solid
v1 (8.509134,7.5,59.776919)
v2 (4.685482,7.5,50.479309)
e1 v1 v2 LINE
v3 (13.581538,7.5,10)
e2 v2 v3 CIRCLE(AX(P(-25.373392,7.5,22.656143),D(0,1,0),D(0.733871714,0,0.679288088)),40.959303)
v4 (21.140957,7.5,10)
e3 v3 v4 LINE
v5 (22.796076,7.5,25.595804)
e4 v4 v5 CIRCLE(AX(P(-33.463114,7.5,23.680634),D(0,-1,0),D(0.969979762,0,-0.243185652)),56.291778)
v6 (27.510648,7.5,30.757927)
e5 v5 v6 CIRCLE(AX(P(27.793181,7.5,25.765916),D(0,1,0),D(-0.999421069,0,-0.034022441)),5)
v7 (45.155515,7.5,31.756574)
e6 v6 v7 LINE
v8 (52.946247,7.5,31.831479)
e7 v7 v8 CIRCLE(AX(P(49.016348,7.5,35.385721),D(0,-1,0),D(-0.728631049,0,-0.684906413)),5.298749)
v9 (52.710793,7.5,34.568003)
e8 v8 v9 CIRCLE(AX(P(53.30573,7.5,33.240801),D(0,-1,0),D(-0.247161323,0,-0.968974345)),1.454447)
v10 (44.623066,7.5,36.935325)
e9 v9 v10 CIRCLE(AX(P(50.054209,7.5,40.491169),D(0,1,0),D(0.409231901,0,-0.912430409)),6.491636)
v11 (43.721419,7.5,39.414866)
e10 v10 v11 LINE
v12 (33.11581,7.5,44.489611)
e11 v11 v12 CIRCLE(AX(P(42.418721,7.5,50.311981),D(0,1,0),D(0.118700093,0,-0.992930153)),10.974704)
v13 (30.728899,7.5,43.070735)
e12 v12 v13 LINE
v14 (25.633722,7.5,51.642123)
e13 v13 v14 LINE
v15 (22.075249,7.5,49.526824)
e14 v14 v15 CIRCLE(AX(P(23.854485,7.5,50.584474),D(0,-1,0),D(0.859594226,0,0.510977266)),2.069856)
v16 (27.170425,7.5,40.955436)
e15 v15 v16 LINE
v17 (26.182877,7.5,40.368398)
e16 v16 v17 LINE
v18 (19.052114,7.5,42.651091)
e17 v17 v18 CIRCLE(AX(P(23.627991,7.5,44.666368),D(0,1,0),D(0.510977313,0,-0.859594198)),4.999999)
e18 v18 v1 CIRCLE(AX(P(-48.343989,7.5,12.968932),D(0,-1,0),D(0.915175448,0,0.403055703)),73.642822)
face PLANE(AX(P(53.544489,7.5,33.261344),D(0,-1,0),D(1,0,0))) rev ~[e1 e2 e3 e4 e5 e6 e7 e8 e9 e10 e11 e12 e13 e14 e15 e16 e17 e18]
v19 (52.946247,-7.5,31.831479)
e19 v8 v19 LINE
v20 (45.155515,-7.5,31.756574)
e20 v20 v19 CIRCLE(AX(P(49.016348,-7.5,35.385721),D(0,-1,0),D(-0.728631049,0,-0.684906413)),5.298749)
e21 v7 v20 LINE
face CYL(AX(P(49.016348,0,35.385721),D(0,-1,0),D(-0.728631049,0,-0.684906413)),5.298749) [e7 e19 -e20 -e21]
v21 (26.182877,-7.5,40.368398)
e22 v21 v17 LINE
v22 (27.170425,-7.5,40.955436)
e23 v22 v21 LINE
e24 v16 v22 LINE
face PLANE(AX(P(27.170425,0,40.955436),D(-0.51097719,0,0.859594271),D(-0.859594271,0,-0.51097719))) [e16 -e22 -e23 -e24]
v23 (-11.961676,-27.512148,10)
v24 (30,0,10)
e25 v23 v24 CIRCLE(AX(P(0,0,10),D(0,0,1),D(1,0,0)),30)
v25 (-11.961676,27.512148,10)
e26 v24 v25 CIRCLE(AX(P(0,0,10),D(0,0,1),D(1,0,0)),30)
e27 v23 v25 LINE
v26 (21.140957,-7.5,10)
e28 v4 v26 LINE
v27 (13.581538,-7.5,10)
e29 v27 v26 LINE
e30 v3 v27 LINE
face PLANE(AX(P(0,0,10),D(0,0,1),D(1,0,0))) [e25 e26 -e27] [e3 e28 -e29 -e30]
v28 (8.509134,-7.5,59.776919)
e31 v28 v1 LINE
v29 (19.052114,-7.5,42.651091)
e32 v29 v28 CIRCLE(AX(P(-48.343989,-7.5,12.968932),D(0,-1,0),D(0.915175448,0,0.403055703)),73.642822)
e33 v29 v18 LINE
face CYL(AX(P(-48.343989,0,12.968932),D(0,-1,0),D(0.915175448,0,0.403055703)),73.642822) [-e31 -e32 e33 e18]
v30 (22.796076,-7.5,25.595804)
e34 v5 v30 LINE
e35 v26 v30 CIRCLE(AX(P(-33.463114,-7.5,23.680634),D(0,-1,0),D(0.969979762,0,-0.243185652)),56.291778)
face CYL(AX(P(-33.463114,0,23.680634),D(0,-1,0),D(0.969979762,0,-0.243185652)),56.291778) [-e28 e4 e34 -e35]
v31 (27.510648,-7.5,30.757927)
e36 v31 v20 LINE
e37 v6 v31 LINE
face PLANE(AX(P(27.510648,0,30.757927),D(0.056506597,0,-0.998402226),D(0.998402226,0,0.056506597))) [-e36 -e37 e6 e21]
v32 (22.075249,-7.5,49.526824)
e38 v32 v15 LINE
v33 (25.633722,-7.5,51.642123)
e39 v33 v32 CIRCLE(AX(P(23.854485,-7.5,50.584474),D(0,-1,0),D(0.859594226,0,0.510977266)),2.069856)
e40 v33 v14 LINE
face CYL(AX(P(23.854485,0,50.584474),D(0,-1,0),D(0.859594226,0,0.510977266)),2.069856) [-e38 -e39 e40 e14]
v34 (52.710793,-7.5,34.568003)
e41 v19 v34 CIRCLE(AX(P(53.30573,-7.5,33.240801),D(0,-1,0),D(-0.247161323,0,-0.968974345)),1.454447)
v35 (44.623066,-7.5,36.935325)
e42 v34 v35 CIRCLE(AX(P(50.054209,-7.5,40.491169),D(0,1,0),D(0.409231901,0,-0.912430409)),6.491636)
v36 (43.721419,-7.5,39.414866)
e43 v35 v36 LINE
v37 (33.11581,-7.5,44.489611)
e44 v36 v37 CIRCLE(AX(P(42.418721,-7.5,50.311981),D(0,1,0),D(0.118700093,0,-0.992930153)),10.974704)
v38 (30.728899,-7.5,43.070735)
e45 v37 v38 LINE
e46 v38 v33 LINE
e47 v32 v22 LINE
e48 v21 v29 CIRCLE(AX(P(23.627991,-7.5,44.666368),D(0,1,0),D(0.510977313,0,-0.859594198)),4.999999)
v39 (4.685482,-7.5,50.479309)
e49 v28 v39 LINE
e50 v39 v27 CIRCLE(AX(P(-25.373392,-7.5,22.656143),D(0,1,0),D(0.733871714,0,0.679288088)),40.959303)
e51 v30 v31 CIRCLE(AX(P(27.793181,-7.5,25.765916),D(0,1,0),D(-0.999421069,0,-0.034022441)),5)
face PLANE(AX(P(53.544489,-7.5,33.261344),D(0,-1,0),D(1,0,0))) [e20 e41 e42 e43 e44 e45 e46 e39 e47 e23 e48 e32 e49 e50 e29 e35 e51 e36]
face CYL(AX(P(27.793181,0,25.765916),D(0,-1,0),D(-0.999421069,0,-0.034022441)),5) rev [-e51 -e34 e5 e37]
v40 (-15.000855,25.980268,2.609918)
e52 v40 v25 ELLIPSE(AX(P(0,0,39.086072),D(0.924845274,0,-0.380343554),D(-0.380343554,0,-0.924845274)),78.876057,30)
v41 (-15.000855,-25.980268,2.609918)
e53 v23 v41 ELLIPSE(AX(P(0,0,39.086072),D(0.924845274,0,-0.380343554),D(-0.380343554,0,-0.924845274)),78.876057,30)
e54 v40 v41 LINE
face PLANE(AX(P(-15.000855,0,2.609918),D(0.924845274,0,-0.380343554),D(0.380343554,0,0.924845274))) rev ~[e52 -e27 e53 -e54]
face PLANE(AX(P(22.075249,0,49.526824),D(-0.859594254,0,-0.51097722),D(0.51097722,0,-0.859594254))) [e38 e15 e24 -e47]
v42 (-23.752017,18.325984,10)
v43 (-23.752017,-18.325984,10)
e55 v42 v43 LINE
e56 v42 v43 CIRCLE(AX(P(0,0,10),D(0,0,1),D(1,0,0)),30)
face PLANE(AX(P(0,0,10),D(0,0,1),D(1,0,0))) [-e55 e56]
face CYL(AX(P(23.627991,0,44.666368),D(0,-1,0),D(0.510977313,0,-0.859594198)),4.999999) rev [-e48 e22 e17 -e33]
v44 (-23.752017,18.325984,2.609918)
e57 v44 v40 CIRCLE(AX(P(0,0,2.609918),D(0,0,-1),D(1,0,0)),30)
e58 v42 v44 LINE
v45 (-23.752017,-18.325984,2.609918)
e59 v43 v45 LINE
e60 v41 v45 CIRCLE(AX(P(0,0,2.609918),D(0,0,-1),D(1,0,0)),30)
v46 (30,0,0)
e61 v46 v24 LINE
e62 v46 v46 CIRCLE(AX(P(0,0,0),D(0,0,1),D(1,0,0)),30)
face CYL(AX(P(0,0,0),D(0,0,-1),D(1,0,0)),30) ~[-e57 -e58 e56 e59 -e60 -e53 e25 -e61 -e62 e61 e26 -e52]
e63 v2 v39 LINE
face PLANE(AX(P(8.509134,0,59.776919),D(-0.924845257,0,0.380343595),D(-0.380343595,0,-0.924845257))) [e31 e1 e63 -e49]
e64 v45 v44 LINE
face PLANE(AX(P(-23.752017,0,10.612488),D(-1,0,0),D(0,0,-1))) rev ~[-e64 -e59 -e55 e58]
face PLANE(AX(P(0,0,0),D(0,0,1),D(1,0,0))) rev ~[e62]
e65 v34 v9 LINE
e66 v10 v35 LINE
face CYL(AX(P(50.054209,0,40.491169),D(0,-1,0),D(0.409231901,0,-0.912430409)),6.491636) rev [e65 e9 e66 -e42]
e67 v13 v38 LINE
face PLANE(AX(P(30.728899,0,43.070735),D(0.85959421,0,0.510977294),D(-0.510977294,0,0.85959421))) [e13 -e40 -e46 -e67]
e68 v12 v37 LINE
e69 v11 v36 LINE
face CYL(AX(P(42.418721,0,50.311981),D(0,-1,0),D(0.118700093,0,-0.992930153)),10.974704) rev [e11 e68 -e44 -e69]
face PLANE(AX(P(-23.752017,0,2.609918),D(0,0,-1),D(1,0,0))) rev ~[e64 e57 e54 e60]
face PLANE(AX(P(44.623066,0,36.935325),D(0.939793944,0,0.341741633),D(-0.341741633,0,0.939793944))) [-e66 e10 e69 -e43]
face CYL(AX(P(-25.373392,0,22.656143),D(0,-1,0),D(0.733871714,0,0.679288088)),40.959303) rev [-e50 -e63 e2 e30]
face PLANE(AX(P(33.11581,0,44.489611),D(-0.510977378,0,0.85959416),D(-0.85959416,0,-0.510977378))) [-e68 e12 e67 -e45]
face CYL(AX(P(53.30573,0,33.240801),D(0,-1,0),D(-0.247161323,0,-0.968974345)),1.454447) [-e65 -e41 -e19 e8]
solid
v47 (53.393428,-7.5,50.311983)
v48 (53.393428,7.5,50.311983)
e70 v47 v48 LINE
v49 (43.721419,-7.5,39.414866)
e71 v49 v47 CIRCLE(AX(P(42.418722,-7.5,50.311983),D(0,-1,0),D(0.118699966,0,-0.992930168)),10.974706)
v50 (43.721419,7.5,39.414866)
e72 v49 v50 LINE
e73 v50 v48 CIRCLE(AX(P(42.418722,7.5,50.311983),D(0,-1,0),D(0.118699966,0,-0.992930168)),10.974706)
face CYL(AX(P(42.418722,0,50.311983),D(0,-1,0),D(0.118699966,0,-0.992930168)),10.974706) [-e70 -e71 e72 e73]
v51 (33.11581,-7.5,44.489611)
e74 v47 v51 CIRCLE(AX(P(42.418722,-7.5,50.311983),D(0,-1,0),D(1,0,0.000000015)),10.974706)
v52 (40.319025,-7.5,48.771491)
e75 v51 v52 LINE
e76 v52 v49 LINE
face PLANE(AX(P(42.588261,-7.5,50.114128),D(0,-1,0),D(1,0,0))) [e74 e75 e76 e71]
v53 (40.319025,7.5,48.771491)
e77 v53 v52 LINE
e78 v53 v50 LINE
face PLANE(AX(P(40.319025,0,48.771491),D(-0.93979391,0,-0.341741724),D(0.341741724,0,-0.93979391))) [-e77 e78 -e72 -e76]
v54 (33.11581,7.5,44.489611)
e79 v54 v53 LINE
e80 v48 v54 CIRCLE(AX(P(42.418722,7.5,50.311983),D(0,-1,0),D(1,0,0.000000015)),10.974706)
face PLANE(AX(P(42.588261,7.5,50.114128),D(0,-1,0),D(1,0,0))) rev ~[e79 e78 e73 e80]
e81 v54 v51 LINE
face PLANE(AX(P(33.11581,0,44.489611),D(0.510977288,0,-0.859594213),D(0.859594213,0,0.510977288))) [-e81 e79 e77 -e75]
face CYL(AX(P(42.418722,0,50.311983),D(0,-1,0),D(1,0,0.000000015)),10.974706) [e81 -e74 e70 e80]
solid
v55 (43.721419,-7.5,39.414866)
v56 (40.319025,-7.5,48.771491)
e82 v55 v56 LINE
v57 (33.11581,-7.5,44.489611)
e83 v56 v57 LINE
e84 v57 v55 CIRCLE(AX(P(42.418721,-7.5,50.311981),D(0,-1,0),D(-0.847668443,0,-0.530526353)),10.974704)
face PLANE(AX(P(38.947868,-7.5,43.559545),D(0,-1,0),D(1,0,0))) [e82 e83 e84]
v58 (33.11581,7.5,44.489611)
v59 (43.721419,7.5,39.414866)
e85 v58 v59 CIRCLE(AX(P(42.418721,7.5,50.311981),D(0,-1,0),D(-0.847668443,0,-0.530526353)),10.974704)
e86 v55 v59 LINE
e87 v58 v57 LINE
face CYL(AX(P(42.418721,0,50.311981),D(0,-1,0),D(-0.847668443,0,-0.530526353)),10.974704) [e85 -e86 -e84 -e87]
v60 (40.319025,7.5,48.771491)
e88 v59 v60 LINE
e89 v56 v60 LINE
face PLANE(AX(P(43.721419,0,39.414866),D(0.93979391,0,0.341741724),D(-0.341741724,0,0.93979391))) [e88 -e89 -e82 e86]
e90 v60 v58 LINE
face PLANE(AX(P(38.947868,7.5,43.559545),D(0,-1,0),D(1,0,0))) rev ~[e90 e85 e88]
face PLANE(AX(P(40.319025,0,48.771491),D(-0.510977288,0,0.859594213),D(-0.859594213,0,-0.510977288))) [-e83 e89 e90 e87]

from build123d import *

# Parameters (mm, degrees)
F0_R      = 30
F1_DEPTH  = 10
F3_DEPTH  = 36.6
F4_DEPTH  = 7.5
F5_DEPTH  = 7.5
F6_DEPTH  = 7.5
F7_DEPTH  = 7.5
F8_DEPTH  = 7.5
F9_DEPTH  = 7.5
F10_DEPTH = 7.5


with BuildPart() as f1:
    # F0 (on Top) → F1 (new body)
    with BuildSketch(Plane.XY):
        Circle(F0_R)
    extrude(amount=F1_DEPTH)

    # F2 (on Front) → F3 (cut, symmetric)
    with BuildSketch(Plane.XZ):
        Polygon((-23.752017, 2.609918), (-15.000855, 2.609918), (-11.70979, 10.612488), (-23.752017, 10.612488), align=None)
    extrude(amount=F3_DEPTH, both=True, mode=Mode.SUBTRACT)

    # F2 (on Front) → F4 (join, symmetric)
    with BuildSketch(Plane.XZ):
        with BuildLine():
            Line((8.509134, 59.776919), (4.685482, 50.479309))
            ThreePointArc((4.685482, 50.479309), (14.632215, 31.443401), (13.578704, 9.991281))
            Line((13.578704, 9.991281), (21.138772, 9.991281))
            ThreePointArc((21.138772, 9.991281), (22.513844, 17.735509), (22.796076, 25.595804))
            ThreePointArc((22.796076, 25.595804), (24.101227, 29.137781), (27.510648, 30.757927))
            Line((27.510648, 30.757927), (45.155515, 31.756574))
            Line((45.155515, 31.756574), (46.479001, 31.831479))
            Line((46.479001, 31.831479), (44.623066, 36.935325))
            Line((44.623066, 36.935325), (43.721419, 39.414866))
            ThreePointArc((43.721419, 39.414866), (37.681727, 40.412232), (33.11581, 44.489611))
            Line((33.11581, 44.489611), (30.728899, 43.070735))
            Line((30.728899, 43.070735), (27.170425, 40.955436))
            Line((27.170425, 40.955436), (26.182877, 40.368398))
            ThreePointArc((26.182877, 40.368398), (22.103598, 39.904413), (19.052114, 42.651091))
            ThreePointArc((19.052114, 42.651091), (14.36798, 51.575592), (8.509134, 59.776919))
        make_face()
    extrude(amount=F4_DEPTH, both=True)

    # F2 (on Front) → F7 (join, symmetric)
    with BuildSketch(Plane.XZ):
        Polygon((22.075249, 49.526824), (27.170425, 40.955436), (30.728899, 43.070735), (25.633722, 51.642123), align=None)
    extrude(amount=F7_DEPTH, both=True)

    # F2 (on Front) → F8 (join, symmetric)
    with BuildSketch(Plane.XZ):
        with BuildLine():
            ThreePointArc((25.633722, 51.642123), (22.796836, 52.36371), (22.075249, 49.526824))
            Line((22.075249, 49.526824), (25.633722, 51.642123))
        make_face()
    extrude(amount=F8_DEPTH, both=True)

    # F2 (on Front) → F9 (join, symmetric)
    with BuildSketch(Plane.XZ):
        with BuildLine():
            Line((46.479001, 31.831479), (45.155515, 31.756574))
            ThreePointArc((45.155515, 31.756574), (49.067291, 30.087217), (52.946247, 31.831479))
            Line((52.946247, 31.831479), (52.710793, 34.568003))
            ThreePointArc((52.710793, 34.568003), (48.230587, 34.260941), (44.623066, 36.935325))
            Line((44.623066, 36.935325), (46.479001, 31.831479))
        make_face()
    extrude(amount=F9_DEPTH, both=True)

    # F2 (on Front) → F10 (join, symmetric)
    with BuildSketch(Plane.XZ):
        with BuildLine():
            Line((52.710793, 34.568003), (52.946247, 31.831479))
            ThreePointArc((52.946247, 31.831479), (54.754823, 33.365482), (52.710793, 34.568003))
        make_face()
    extrude(amount=F10_DEPTH, both=True)


with BuildPart() as f5:
    # F2 (on Front) → F5 (new body, symmetric)
    with BuildSketch(Plane.XZ):
        with BuildLine():
            ThreePointArc((53.393428, 50.311983), (39.389906, 60.860464), (33.11581, 44.489611))
            Line((33.11581, 44.489611), (40.319025, 48.771491))
            Line((40.319025, 48.771491), (43.721419, 39.414866))
            ThreePointArc((43.721419, 39.414866), (50.626672, 43.026811), (53.393428, 50.311983))
        make_face()
    extrude(amount=F5_DEPTH, both=True)


with BuildPart() as f6:
    # F2 (on Front) → F6 (new body, symmetric)
    with BuildSketch(Plane.XZ):
        with BuildLine():
            Line((40.319025, 48.771491), (33.11581, 44.489611))
            ThreePointArc((33.11581, 44.489611), (37.681727, 40.412232), (43.721419, 39.414866))
            Line((43.721419, 39.414866), (40.319025, 48.771491))
        make_face()
    extrude(amount=F6_DEPTH, both=True)


solid = Compound([f1.part, f5.part, f6.part])
